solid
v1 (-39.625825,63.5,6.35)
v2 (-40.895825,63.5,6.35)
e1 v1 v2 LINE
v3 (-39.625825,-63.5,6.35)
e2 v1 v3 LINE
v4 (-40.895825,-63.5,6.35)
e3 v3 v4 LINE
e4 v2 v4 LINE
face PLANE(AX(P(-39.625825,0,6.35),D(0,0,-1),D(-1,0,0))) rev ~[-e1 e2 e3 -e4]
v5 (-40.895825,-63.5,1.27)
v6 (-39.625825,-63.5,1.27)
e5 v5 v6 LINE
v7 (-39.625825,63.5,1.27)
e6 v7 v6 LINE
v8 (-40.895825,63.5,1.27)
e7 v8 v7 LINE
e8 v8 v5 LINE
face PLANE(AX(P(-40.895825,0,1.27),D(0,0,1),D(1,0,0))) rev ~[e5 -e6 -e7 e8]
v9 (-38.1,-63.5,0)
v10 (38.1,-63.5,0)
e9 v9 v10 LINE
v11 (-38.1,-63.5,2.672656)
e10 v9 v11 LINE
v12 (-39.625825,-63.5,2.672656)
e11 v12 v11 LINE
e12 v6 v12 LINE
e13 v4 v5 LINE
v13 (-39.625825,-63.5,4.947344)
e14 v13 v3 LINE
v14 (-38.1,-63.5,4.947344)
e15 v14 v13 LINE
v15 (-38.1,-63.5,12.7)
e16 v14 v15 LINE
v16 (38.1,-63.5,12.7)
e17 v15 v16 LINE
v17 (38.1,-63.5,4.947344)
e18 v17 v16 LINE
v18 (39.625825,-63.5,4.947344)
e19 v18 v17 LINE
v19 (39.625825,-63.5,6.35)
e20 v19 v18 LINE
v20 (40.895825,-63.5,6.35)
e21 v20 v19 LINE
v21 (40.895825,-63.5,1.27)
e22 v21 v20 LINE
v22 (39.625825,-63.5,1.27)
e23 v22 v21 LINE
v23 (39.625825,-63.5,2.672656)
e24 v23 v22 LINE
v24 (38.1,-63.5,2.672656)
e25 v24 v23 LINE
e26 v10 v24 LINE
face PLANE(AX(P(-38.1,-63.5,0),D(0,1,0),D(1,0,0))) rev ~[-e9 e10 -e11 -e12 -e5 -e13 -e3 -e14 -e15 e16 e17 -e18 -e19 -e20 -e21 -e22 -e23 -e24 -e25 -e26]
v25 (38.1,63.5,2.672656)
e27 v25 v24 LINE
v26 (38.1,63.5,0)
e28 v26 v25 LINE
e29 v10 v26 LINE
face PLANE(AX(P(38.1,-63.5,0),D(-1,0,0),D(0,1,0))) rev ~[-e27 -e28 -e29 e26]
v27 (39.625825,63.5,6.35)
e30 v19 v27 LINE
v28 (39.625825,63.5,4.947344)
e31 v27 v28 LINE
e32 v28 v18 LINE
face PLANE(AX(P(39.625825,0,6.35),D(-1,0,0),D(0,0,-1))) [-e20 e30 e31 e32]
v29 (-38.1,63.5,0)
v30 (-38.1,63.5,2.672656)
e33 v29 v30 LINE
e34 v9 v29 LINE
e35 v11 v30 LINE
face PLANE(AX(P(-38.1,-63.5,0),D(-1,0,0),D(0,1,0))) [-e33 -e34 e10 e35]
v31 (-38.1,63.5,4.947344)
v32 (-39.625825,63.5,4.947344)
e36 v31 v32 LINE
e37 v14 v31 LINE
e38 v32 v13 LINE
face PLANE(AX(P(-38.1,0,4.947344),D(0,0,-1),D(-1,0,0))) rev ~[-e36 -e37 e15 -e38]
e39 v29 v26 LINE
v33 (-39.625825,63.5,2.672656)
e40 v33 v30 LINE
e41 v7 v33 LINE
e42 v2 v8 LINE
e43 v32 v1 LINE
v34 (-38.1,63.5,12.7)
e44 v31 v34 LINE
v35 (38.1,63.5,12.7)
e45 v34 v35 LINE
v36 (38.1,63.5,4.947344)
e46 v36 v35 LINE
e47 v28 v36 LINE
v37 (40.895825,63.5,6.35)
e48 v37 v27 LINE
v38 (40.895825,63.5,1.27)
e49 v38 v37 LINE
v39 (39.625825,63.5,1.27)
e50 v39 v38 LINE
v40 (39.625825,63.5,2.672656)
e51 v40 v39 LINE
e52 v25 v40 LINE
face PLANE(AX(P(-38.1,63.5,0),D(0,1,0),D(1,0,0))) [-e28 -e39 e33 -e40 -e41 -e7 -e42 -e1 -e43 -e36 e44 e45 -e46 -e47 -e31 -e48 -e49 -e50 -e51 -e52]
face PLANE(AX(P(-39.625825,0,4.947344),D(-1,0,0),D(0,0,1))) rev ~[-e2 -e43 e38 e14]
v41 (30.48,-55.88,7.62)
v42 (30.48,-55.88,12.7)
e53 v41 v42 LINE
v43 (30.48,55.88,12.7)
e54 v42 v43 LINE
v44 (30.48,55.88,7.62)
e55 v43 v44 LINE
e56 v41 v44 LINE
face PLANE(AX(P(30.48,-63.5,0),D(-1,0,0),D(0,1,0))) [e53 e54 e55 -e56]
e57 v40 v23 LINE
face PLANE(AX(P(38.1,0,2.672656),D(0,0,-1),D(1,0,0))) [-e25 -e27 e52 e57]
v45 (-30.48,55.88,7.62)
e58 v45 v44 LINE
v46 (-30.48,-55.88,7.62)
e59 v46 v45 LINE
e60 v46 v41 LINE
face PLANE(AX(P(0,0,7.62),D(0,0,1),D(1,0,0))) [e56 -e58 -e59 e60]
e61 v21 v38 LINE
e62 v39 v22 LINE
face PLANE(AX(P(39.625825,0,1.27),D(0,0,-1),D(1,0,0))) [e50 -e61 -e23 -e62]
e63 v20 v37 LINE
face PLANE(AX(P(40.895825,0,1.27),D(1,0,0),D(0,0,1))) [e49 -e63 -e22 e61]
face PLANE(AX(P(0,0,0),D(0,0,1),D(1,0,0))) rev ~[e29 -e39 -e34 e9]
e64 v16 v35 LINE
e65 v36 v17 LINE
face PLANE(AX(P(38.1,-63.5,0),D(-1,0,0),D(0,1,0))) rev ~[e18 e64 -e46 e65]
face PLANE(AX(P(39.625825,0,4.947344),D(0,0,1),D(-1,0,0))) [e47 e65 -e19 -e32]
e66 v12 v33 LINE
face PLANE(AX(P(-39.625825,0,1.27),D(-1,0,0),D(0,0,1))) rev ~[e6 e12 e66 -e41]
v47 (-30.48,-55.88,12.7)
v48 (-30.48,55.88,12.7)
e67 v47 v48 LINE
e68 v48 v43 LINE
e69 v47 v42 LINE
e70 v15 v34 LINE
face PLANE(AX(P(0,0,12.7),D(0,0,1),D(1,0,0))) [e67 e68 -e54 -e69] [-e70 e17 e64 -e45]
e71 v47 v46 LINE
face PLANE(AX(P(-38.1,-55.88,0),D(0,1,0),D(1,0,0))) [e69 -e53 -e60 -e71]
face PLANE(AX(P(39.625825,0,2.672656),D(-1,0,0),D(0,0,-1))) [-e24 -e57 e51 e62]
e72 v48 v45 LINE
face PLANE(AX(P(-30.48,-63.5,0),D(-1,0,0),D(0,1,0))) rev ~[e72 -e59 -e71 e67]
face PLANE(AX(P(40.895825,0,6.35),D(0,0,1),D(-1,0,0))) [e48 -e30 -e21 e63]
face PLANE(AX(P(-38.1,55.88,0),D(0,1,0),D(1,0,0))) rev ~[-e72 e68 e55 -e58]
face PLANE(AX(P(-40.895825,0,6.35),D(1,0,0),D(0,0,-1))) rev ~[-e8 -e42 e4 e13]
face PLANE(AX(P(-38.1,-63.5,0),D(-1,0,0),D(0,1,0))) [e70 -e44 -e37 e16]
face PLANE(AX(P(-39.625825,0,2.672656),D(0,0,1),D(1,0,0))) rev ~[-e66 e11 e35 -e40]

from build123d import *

# Parameters (mm, degrees)
F0_W     = 76.2
F0_H     = 127
F1_DEPTH = 12.7
F2_T     = -7.62
F4_DEPTH = 63.5


with BuildPart() as f1:
    # F0 (on Top) → F1 (new body)
    with BuildSketch(Plane.XY):
        Rectangle(F0_W, F0_H)
    extrude(amount=F1_DEPTH)

    # F2
    f2_openings = [f1.faces().sort_by_distance(p)[0] for p in [
        (0, 0, 12.7),
    ]]
    offset(amount=F2_T, openings=f2_openings)

    # F3 (on Front) → F4 (join, symmetric)
    with BuildSketch(Plane.XZ):
        Polygon((-38.1, 4.947344), (-39.625825, 4.947344), (-39.625825, 2.672656), (-38.1, 2.672656), (-38.1, 3.81), align=None)
        Polygon((-39.625825, 2.672656), (-39.625825, 4.947344), (-39.625825, 6.35), (-40.895825, 6.35), (-40.895825, 1.27), (-39.625825, 1.27), align=None)
        Polygon((39.625825, 6.35), (39.625825, 4.947344), (39.625825, 2.672656), (39.625825, 1.27), (40.895825, 1.27), (40.895825, 6.35), align=None)
        Polygon((39.625825, 2.672656), (39.625825, 4.947344), (38.1, 4.947344), (38.1, 3.81), (38.1, 2.672656), align=None)
    extrude(amount=F4_DEPTH, both=True)


solid = f1.part
